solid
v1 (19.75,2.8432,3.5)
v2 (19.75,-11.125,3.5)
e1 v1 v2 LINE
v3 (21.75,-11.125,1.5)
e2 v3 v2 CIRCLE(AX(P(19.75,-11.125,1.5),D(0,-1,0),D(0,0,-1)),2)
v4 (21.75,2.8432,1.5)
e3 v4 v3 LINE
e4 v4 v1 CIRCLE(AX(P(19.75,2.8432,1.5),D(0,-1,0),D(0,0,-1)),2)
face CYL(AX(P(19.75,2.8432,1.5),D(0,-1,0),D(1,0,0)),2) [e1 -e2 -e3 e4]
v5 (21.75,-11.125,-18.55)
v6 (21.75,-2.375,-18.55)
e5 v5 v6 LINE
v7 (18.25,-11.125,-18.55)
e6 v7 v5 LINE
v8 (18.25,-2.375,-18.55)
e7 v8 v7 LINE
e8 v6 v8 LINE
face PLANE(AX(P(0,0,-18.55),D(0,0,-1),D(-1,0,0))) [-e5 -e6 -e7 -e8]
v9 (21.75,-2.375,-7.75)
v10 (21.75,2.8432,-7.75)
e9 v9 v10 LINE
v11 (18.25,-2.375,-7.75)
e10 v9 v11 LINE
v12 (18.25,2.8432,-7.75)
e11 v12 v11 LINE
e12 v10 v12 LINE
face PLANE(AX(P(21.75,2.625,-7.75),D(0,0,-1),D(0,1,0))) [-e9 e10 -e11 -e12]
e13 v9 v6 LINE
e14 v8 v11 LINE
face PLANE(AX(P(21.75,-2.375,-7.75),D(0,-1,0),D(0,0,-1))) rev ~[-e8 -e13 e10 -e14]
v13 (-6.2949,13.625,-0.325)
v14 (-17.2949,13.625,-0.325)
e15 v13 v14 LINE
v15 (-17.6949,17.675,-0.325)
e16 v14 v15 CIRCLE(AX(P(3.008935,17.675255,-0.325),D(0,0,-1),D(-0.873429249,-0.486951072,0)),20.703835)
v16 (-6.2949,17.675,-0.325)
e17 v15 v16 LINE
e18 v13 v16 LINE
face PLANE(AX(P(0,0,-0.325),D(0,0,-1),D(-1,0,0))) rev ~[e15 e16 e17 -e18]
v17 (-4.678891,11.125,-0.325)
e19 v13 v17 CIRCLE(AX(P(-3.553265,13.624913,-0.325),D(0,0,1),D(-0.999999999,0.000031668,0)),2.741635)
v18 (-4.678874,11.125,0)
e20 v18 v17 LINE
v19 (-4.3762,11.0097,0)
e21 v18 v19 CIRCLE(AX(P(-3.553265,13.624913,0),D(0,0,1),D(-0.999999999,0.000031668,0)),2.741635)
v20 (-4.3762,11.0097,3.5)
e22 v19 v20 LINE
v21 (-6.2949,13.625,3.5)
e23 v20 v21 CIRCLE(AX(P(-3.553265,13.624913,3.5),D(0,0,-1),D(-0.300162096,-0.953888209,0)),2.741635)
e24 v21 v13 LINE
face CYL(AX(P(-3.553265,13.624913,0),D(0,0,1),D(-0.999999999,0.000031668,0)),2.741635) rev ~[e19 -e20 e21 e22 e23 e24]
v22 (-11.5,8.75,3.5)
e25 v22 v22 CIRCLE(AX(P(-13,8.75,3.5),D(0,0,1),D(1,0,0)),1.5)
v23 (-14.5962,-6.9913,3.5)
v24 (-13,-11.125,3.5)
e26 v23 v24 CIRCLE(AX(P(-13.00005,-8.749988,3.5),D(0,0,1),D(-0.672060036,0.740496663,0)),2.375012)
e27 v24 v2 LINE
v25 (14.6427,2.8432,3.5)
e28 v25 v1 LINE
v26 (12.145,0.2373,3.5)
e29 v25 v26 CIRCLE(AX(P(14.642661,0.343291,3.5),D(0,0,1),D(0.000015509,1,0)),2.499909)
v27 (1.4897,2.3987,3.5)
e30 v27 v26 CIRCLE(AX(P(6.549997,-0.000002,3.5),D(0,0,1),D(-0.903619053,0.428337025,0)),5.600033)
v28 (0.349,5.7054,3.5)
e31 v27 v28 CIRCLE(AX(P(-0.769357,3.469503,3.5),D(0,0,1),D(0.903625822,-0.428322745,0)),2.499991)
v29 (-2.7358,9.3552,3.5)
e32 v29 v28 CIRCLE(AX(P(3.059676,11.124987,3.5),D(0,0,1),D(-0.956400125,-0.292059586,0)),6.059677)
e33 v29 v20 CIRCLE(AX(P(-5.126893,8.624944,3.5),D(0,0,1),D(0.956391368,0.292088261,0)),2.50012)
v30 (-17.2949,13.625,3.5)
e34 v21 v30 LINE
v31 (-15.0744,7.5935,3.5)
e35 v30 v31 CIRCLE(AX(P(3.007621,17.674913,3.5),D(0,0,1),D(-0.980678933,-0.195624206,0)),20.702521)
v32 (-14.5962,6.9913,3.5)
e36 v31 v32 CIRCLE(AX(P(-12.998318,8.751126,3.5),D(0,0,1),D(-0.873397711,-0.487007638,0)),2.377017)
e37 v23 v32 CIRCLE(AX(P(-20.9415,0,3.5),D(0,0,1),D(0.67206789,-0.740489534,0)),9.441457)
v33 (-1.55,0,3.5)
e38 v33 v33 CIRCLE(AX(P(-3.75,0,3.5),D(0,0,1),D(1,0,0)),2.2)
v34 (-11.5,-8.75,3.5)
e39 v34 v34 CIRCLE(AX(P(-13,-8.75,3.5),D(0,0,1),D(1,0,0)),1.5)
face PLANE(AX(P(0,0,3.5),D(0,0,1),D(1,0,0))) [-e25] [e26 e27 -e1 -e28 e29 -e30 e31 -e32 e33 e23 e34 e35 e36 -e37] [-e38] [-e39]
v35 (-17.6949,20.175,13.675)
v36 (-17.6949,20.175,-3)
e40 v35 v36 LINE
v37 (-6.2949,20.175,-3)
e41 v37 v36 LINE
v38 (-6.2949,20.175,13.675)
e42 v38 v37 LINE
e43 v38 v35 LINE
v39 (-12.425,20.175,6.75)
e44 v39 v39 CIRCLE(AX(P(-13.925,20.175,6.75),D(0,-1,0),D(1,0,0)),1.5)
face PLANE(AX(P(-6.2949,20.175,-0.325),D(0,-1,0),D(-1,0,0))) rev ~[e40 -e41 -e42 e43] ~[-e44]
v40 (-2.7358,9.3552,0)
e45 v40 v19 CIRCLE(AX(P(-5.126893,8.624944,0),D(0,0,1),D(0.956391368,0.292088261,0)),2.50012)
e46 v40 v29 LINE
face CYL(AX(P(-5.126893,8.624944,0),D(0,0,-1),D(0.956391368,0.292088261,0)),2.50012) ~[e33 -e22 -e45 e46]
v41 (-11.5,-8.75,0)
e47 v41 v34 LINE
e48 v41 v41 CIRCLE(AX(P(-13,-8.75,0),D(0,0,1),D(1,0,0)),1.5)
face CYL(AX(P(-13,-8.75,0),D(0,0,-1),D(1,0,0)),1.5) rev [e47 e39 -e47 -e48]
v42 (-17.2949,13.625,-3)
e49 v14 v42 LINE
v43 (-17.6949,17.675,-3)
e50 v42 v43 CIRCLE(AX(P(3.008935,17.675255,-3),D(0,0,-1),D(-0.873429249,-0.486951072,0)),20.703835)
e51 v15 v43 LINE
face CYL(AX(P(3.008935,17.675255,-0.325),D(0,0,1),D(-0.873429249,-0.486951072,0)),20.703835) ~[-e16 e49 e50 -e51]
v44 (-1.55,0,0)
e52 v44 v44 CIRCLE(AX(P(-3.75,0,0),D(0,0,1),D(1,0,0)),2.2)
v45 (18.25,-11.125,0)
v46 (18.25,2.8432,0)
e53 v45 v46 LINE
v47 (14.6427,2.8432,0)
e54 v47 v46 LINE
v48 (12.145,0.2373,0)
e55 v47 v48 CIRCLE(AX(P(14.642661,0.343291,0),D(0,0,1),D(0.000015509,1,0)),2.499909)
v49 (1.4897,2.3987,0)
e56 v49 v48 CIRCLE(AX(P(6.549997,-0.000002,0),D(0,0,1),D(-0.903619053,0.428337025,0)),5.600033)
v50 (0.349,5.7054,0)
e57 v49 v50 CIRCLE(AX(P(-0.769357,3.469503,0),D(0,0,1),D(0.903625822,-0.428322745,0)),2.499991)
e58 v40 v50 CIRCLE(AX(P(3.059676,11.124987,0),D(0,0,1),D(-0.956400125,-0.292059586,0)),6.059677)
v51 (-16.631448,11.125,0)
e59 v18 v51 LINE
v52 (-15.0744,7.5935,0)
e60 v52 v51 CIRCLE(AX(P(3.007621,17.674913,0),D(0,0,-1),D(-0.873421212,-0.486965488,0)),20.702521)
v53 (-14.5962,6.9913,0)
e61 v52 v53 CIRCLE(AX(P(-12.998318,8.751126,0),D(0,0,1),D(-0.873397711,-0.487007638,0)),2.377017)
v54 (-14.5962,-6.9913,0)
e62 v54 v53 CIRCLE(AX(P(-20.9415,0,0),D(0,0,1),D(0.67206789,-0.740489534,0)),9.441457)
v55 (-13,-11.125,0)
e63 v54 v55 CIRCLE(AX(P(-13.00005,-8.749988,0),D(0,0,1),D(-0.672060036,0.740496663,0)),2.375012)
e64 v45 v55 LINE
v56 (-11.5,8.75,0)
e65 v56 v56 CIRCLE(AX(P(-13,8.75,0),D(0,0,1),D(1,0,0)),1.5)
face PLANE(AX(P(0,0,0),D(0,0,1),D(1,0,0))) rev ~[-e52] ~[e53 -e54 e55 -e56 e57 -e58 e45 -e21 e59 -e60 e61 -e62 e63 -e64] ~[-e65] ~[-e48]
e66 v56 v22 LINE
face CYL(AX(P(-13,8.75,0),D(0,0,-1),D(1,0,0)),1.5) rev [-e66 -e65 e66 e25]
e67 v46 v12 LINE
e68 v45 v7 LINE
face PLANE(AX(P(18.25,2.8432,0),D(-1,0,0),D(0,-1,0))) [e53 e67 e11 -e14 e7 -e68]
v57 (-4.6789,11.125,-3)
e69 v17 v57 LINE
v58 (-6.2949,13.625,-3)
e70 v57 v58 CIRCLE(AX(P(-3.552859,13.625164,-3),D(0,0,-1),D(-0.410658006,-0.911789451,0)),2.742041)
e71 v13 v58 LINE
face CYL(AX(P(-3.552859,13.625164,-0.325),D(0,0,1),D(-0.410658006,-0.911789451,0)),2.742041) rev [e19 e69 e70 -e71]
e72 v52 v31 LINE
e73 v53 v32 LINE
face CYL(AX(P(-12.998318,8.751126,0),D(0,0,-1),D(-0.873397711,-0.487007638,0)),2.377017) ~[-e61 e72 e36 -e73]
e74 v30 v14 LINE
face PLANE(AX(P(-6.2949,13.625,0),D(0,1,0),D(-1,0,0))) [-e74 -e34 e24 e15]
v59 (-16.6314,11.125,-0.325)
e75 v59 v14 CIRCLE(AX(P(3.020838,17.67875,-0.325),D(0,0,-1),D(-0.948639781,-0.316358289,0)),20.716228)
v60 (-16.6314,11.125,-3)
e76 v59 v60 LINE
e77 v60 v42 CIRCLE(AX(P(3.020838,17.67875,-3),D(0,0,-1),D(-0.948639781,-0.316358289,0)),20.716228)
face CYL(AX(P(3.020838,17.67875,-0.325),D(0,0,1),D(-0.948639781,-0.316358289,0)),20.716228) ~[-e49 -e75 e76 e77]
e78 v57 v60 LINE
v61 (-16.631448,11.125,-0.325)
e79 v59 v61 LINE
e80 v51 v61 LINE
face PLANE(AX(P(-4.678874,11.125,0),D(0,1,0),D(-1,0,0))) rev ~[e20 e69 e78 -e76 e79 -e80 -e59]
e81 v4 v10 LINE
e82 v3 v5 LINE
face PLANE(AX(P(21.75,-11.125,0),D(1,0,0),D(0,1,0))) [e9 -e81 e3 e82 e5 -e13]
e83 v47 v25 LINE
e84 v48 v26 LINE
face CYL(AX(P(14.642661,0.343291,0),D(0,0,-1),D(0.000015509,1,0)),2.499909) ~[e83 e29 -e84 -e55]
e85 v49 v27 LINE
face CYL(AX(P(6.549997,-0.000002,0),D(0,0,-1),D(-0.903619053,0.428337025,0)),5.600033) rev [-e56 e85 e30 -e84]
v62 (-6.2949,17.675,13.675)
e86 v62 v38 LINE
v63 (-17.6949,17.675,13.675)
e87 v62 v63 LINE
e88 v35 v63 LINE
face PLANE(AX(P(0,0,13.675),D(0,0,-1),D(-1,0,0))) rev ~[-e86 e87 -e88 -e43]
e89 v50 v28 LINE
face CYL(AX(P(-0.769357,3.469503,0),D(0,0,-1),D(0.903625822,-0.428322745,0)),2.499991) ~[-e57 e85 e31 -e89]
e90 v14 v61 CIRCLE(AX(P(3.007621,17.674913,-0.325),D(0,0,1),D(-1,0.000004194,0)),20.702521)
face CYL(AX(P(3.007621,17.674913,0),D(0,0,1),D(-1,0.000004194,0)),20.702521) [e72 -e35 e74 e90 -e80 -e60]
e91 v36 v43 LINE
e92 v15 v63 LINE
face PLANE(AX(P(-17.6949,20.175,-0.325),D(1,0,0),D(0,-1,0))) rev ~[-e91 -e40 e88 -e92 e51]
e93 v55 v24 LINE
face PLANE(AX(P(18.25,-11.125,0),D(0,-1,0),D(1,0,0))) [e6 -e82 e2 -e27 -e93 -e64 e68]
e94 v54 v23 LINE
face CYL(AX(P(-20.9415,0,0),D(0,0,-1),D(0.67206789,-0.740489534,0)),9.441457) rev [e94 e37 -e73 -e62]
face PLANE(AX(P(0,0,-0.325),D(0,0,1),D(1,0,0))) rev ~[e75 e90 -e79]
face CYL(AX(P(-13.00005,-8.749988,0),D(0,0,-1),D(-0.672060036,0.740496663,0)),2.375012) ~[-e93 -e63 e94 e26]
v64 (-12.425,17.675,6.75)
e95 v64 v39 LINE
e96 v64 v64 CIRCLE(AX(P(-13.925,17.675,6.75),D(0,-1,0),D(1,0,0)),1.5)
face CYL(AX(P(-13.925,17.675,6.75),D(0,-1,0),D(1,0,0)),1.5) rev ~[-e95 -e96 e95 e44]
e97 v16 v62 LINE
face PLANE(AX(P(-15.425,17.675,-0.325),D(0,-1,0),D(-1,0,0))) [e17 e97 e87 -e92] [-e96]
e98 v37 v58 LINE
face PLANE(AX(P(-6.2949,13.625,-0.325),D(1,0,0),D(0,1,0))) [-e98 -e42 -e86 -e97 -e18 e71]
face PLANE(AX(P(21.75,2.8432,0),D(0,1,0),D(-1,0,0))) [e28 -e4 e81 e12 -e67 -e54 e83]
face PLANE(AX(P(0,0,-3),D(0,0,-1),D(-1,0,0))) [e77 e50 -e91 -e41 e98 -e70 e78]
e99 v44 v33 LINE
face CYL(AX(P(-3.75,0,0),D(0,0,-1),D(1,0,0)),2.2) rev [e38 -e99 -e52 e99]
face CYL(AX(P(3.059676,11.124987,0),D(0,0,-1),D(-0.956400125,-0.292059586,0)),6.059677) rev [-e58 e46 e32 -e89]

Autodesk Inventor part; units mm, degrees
ref_plane "YZ Plane" through (0, 0, 0) normal (1, 0, 0) x (0, 1, 0)
ref_plane "XZ Plane" through (0, 0, 0) normal (0, 1, 0) x (-1, 0, 0)
ref_plane "XY Plane" through (0, 0, 0) normal (0, 0, 1) x (1, 0, 0)
sketch "Sketch1" plane through (0, 0, 0) normal (0, 0, 1) x (1, 0, 0)
  circle A0 centre (-13, 8.75) radius 1.5 projected
  circle A1 centre (-3.75, 0) radius 2 construction
  circle A2 centre (-13, -8.75) radius 1.5 projected
  arc A3 (4.5834, 1.85) -> (4.5834, -1.85) centre (6.55, 0) ccw construction
  arc A4 (4.8736, 5.3432) -> (1.4897, 2.3987) centre (6.55, 0) ccw construction
  circle A5 centre (-3.75, 0) radius 2.2
  arc A6 (-14.5962, -6.9913) -> (-14.5962, 6.9913) centre (-20.9415, 0) ccw
  arc A7 (-13, 11.125) -> (-15.0744, 7.5935) centre (-13, 8.75) ccw construction
  line L0 (14.125, 11.125) -> (-18.25, 11.125) projected
  line L1 (-18.25, -11.125) -> (14.125, -11.125) projected
  arc A8 (-14.5962, -6.9913) -> (-13, -11.125) centre (-13, -8.75) ccw
  line L2 (-11.5, 8.75) -> (-11.5, -8.75) construction
  line L3 (21.75, 2.8432) -> (21.75, -11.125)
  line L4 (21.75, -11.125) -> (14.125, -11.125)
  line L5 (14.125, -11.125) -> (14.125, 11.125) construction
  line L6 (18.25, -7) -> (18.25, 7) construction
  arc A9 (-3, 11.125) -> (-2.7358, 9.3552) centre (3.0597, 11.125) ccw construction
  arc A10 (-2.7358, 9.3552) -> (-4.3762, 11.0097) centre (-5.1268, 8.625) ccw
  arc A11 (-2.7358, 9.3552) -> (0.349, 5.7054) centre (3.0597, 11.125) ccw
  line L7 (11.3745, 2.8432) -> (14.6427, 2.8432) construction
  arc A12 (11.3745, 2.8432) -> (4.8736, 5.3432) centre (6.55, 0) ccw construction
  arc A13 (1.4897, 2.3987) -> (0.349, 5.7054) centre (-0.7693, 3.4695) ccw
  arc A14 (0.349, 5.7054) -> (4.8736, 5.3432) centre (3.0597, 11.125) ccw construction
  arc A15 (1.4897, 2.3987) -> (12.145, 0.2373) centre (6.55, 0) ccw
  arc A16 (14.6427, 2.8432) -> (12.145, 0.2373) centre (14.6427, 0.3432) ccw
  arc A17 (12.145, 0.2373) -> (11.3745, 2.8432) centre (6.55, 0) ccw construction
  line L8 (14.6427, 2.8432) -> (21.75, 2.8432)
  line L9 (-12.425, 16.375) -> (-15.425, 16.375) projected
  line L10 (-15.425, 17.675) -> (-12.425, 17.675) projected
  line L11 (-15.425, 17.675) -> (-17.6949, 17.675)
  line L12 (-12.425, 17.675) -> (-6.2949, 17.675)
  line L13 (-6.2949, 17.675) -> (-6.2949, 20.175)
  line L14 (-6.2949, 20.175) -> (-17.6949, 20.175)
  line L15 (-17.6949, 20.175) -> (-17.6949, 17.675)
  arc A18 (-17.6949, 17.675) -> (-15.0744, 7.5935) centre (3.0083, 17.675) ccw
  line L16 (-6.2949, 13.625) -> (-17.2949, 13.625)
  line L17 (-6.2949, 13.625) -> (-6.2949, 17.675)
  arc A19 (-6.2949, 13.625) -> (-4.3762, 11.0097) centre (-3.553, 13.625) ccw
  arc A20 (-4.3762, 11.0097) -> (-5.1268, 11.125) centre (-5.1268, 8.625) ccw construction
  arc A21 (-15.0744, 7.5935) -> (-14.5962, 6.9913) centre (-13, 8.75) ccw
  point P0 (0, 0)
  point P1 (-4.6789, 11.125)
  point P2 (-16.6314, 11.125)
  dimension "d0" = 0.2
  dimension "d1" = 2.5
  dimension "d3" = 3.5
  dimension "d4" = 10
  dimension "d5" = 2.5
  dimension "d6" = 2.5
  dimension "d7" = 2.5
  dimension "d8" = 2.5
  dimension "d16" = 2.5
  dimension "d17" = 2.5
  dimension "d18" = 11
  dimension "d19" = 11.4
extrude "Extrusion1" add sketch "Sketch1" along normal blind 3.5 contours A6 A21 A18 L0 A19 A10 A11 A13 A15 A16 L8 L3 L4 L1 A8 | A18 L16 A19 L0
sketch "Sketch2" plane through (0, 0, 0) normal (0, 0, -1) x (-1, 0, 0)
  line L0 (-18.25, 7) -> (-18.25, -7) projected
  line L1 (-21.75, -11.125) -> (-21.75, 2.8432) projected
  line L2 (-18.25, -7) -> (-18.25, -11.125)
  line L3 (13, -11.125) -> (-21.75, -11.125) projected
  line L4 (-18.25, -11.125) -> (-21.75, -11.125)
  line L5 (-21.75, 2.8432) -> (-14.6427, 2.8432) projected
  line L6 (-21.75, 2.8432) -> (-18.25, 2.8432)
  point P0 (0, 0)
extrude "Extrusion2" add sketch "Sketch2" along normal blind 18.55
fillet "Fillet1" radius 2 1 edges at (21.75, -4.1409, 3.5)
extrude "Extrusion3" add sketch "Sketch1" against normal blind 0.325 contours A18 L16 A19 L0
sketch "Sketch5" plane through (0, 0, -0.325) normal (0, 0, -1) x (-1, 0, 0)
  line L0 (17.2949, 13.625) -> (6.2949, 13.625) projected
  arc A0 (4.6789, 11.125) -> (6.2949, 13.625) centre (3.553, 13.625) ccw projected
  line L1 (4.6789, 11.125) -> (16.6314, 11.125) projected
  arc A1 (16.6314, 11.125) -> (17.2949, 13.625) centre (-3.0083, 17.675) ccw projected
  line L2 (6.2949, 13.625) -> (6.2949, 17.675) projected
  line L3 (6.2949, 17.675) -> (6.2949, 20.175) projected
  line L4 (6.2949, 20.175) -> (17.6949, 20.175) projected
  line L5 (17.6949, 20.175) -> (17.6949, 17.675) projected
  line L6 (12.425, 17.675) -> (6.2949, 17.675) projected
  line L7 (15.425, 17.675) -> (12.425, 17.675) projected
  line L8 (15.425, 17.675) -> (17.6949, 17.675) projected
  arc A2 (15.0744, 7.5935) -> (17.6949, 17.675) centre (-3.0083, 17.675) ccw projected
  line L9 (6.2949, 13.625) -> (17.2949, 13.625) projected
  point P0 (0, 0)
extrude "Extrusion4" add sketch "Sketch5" along normal blind 2.675
extrude "Extrusion5" add sketch "Sketch5" against normal blind 14 contours L8 L7 L6 L3 L4 L5
sketch "Sketch6" plane through (-17.6949, 17.675, -0.325) normal (0, -1, 0) x (1, 0, 0)
  circle A0 centre (3.7699, 7.075) radius 1.5 projected
  point P0 (17.6949, 0.325)
extrude "Extrusion6" cut sketch "Sketch6" against normal blind 14
sketch "Sketch7" plane through (21.75, -11.125, -18.55) normal (1, 0, 0) x (0, 0, -1)
  line L0 (-10.8, 13.75) -> (-10.8, 8.75) projected
  line L1 (-10.8, 13.75) -> (-10.8, 13.9682)
  line L2 (-18.55, 13.9682) -> (0, 13.9682) projected
  line L3 (-10.8, 8.75) -> (0, 8.75)
  line L4 (0, 0) -> (0, 13.9682) projected
  line L5 (0, 8.75) -> (0, 13.9682)
  point P0 (-18.55, 11.125)
extrude "Extrusion7" cut sketch "Sketch7" against normal blind 10
properties part number "MotorEncoderBracket"
